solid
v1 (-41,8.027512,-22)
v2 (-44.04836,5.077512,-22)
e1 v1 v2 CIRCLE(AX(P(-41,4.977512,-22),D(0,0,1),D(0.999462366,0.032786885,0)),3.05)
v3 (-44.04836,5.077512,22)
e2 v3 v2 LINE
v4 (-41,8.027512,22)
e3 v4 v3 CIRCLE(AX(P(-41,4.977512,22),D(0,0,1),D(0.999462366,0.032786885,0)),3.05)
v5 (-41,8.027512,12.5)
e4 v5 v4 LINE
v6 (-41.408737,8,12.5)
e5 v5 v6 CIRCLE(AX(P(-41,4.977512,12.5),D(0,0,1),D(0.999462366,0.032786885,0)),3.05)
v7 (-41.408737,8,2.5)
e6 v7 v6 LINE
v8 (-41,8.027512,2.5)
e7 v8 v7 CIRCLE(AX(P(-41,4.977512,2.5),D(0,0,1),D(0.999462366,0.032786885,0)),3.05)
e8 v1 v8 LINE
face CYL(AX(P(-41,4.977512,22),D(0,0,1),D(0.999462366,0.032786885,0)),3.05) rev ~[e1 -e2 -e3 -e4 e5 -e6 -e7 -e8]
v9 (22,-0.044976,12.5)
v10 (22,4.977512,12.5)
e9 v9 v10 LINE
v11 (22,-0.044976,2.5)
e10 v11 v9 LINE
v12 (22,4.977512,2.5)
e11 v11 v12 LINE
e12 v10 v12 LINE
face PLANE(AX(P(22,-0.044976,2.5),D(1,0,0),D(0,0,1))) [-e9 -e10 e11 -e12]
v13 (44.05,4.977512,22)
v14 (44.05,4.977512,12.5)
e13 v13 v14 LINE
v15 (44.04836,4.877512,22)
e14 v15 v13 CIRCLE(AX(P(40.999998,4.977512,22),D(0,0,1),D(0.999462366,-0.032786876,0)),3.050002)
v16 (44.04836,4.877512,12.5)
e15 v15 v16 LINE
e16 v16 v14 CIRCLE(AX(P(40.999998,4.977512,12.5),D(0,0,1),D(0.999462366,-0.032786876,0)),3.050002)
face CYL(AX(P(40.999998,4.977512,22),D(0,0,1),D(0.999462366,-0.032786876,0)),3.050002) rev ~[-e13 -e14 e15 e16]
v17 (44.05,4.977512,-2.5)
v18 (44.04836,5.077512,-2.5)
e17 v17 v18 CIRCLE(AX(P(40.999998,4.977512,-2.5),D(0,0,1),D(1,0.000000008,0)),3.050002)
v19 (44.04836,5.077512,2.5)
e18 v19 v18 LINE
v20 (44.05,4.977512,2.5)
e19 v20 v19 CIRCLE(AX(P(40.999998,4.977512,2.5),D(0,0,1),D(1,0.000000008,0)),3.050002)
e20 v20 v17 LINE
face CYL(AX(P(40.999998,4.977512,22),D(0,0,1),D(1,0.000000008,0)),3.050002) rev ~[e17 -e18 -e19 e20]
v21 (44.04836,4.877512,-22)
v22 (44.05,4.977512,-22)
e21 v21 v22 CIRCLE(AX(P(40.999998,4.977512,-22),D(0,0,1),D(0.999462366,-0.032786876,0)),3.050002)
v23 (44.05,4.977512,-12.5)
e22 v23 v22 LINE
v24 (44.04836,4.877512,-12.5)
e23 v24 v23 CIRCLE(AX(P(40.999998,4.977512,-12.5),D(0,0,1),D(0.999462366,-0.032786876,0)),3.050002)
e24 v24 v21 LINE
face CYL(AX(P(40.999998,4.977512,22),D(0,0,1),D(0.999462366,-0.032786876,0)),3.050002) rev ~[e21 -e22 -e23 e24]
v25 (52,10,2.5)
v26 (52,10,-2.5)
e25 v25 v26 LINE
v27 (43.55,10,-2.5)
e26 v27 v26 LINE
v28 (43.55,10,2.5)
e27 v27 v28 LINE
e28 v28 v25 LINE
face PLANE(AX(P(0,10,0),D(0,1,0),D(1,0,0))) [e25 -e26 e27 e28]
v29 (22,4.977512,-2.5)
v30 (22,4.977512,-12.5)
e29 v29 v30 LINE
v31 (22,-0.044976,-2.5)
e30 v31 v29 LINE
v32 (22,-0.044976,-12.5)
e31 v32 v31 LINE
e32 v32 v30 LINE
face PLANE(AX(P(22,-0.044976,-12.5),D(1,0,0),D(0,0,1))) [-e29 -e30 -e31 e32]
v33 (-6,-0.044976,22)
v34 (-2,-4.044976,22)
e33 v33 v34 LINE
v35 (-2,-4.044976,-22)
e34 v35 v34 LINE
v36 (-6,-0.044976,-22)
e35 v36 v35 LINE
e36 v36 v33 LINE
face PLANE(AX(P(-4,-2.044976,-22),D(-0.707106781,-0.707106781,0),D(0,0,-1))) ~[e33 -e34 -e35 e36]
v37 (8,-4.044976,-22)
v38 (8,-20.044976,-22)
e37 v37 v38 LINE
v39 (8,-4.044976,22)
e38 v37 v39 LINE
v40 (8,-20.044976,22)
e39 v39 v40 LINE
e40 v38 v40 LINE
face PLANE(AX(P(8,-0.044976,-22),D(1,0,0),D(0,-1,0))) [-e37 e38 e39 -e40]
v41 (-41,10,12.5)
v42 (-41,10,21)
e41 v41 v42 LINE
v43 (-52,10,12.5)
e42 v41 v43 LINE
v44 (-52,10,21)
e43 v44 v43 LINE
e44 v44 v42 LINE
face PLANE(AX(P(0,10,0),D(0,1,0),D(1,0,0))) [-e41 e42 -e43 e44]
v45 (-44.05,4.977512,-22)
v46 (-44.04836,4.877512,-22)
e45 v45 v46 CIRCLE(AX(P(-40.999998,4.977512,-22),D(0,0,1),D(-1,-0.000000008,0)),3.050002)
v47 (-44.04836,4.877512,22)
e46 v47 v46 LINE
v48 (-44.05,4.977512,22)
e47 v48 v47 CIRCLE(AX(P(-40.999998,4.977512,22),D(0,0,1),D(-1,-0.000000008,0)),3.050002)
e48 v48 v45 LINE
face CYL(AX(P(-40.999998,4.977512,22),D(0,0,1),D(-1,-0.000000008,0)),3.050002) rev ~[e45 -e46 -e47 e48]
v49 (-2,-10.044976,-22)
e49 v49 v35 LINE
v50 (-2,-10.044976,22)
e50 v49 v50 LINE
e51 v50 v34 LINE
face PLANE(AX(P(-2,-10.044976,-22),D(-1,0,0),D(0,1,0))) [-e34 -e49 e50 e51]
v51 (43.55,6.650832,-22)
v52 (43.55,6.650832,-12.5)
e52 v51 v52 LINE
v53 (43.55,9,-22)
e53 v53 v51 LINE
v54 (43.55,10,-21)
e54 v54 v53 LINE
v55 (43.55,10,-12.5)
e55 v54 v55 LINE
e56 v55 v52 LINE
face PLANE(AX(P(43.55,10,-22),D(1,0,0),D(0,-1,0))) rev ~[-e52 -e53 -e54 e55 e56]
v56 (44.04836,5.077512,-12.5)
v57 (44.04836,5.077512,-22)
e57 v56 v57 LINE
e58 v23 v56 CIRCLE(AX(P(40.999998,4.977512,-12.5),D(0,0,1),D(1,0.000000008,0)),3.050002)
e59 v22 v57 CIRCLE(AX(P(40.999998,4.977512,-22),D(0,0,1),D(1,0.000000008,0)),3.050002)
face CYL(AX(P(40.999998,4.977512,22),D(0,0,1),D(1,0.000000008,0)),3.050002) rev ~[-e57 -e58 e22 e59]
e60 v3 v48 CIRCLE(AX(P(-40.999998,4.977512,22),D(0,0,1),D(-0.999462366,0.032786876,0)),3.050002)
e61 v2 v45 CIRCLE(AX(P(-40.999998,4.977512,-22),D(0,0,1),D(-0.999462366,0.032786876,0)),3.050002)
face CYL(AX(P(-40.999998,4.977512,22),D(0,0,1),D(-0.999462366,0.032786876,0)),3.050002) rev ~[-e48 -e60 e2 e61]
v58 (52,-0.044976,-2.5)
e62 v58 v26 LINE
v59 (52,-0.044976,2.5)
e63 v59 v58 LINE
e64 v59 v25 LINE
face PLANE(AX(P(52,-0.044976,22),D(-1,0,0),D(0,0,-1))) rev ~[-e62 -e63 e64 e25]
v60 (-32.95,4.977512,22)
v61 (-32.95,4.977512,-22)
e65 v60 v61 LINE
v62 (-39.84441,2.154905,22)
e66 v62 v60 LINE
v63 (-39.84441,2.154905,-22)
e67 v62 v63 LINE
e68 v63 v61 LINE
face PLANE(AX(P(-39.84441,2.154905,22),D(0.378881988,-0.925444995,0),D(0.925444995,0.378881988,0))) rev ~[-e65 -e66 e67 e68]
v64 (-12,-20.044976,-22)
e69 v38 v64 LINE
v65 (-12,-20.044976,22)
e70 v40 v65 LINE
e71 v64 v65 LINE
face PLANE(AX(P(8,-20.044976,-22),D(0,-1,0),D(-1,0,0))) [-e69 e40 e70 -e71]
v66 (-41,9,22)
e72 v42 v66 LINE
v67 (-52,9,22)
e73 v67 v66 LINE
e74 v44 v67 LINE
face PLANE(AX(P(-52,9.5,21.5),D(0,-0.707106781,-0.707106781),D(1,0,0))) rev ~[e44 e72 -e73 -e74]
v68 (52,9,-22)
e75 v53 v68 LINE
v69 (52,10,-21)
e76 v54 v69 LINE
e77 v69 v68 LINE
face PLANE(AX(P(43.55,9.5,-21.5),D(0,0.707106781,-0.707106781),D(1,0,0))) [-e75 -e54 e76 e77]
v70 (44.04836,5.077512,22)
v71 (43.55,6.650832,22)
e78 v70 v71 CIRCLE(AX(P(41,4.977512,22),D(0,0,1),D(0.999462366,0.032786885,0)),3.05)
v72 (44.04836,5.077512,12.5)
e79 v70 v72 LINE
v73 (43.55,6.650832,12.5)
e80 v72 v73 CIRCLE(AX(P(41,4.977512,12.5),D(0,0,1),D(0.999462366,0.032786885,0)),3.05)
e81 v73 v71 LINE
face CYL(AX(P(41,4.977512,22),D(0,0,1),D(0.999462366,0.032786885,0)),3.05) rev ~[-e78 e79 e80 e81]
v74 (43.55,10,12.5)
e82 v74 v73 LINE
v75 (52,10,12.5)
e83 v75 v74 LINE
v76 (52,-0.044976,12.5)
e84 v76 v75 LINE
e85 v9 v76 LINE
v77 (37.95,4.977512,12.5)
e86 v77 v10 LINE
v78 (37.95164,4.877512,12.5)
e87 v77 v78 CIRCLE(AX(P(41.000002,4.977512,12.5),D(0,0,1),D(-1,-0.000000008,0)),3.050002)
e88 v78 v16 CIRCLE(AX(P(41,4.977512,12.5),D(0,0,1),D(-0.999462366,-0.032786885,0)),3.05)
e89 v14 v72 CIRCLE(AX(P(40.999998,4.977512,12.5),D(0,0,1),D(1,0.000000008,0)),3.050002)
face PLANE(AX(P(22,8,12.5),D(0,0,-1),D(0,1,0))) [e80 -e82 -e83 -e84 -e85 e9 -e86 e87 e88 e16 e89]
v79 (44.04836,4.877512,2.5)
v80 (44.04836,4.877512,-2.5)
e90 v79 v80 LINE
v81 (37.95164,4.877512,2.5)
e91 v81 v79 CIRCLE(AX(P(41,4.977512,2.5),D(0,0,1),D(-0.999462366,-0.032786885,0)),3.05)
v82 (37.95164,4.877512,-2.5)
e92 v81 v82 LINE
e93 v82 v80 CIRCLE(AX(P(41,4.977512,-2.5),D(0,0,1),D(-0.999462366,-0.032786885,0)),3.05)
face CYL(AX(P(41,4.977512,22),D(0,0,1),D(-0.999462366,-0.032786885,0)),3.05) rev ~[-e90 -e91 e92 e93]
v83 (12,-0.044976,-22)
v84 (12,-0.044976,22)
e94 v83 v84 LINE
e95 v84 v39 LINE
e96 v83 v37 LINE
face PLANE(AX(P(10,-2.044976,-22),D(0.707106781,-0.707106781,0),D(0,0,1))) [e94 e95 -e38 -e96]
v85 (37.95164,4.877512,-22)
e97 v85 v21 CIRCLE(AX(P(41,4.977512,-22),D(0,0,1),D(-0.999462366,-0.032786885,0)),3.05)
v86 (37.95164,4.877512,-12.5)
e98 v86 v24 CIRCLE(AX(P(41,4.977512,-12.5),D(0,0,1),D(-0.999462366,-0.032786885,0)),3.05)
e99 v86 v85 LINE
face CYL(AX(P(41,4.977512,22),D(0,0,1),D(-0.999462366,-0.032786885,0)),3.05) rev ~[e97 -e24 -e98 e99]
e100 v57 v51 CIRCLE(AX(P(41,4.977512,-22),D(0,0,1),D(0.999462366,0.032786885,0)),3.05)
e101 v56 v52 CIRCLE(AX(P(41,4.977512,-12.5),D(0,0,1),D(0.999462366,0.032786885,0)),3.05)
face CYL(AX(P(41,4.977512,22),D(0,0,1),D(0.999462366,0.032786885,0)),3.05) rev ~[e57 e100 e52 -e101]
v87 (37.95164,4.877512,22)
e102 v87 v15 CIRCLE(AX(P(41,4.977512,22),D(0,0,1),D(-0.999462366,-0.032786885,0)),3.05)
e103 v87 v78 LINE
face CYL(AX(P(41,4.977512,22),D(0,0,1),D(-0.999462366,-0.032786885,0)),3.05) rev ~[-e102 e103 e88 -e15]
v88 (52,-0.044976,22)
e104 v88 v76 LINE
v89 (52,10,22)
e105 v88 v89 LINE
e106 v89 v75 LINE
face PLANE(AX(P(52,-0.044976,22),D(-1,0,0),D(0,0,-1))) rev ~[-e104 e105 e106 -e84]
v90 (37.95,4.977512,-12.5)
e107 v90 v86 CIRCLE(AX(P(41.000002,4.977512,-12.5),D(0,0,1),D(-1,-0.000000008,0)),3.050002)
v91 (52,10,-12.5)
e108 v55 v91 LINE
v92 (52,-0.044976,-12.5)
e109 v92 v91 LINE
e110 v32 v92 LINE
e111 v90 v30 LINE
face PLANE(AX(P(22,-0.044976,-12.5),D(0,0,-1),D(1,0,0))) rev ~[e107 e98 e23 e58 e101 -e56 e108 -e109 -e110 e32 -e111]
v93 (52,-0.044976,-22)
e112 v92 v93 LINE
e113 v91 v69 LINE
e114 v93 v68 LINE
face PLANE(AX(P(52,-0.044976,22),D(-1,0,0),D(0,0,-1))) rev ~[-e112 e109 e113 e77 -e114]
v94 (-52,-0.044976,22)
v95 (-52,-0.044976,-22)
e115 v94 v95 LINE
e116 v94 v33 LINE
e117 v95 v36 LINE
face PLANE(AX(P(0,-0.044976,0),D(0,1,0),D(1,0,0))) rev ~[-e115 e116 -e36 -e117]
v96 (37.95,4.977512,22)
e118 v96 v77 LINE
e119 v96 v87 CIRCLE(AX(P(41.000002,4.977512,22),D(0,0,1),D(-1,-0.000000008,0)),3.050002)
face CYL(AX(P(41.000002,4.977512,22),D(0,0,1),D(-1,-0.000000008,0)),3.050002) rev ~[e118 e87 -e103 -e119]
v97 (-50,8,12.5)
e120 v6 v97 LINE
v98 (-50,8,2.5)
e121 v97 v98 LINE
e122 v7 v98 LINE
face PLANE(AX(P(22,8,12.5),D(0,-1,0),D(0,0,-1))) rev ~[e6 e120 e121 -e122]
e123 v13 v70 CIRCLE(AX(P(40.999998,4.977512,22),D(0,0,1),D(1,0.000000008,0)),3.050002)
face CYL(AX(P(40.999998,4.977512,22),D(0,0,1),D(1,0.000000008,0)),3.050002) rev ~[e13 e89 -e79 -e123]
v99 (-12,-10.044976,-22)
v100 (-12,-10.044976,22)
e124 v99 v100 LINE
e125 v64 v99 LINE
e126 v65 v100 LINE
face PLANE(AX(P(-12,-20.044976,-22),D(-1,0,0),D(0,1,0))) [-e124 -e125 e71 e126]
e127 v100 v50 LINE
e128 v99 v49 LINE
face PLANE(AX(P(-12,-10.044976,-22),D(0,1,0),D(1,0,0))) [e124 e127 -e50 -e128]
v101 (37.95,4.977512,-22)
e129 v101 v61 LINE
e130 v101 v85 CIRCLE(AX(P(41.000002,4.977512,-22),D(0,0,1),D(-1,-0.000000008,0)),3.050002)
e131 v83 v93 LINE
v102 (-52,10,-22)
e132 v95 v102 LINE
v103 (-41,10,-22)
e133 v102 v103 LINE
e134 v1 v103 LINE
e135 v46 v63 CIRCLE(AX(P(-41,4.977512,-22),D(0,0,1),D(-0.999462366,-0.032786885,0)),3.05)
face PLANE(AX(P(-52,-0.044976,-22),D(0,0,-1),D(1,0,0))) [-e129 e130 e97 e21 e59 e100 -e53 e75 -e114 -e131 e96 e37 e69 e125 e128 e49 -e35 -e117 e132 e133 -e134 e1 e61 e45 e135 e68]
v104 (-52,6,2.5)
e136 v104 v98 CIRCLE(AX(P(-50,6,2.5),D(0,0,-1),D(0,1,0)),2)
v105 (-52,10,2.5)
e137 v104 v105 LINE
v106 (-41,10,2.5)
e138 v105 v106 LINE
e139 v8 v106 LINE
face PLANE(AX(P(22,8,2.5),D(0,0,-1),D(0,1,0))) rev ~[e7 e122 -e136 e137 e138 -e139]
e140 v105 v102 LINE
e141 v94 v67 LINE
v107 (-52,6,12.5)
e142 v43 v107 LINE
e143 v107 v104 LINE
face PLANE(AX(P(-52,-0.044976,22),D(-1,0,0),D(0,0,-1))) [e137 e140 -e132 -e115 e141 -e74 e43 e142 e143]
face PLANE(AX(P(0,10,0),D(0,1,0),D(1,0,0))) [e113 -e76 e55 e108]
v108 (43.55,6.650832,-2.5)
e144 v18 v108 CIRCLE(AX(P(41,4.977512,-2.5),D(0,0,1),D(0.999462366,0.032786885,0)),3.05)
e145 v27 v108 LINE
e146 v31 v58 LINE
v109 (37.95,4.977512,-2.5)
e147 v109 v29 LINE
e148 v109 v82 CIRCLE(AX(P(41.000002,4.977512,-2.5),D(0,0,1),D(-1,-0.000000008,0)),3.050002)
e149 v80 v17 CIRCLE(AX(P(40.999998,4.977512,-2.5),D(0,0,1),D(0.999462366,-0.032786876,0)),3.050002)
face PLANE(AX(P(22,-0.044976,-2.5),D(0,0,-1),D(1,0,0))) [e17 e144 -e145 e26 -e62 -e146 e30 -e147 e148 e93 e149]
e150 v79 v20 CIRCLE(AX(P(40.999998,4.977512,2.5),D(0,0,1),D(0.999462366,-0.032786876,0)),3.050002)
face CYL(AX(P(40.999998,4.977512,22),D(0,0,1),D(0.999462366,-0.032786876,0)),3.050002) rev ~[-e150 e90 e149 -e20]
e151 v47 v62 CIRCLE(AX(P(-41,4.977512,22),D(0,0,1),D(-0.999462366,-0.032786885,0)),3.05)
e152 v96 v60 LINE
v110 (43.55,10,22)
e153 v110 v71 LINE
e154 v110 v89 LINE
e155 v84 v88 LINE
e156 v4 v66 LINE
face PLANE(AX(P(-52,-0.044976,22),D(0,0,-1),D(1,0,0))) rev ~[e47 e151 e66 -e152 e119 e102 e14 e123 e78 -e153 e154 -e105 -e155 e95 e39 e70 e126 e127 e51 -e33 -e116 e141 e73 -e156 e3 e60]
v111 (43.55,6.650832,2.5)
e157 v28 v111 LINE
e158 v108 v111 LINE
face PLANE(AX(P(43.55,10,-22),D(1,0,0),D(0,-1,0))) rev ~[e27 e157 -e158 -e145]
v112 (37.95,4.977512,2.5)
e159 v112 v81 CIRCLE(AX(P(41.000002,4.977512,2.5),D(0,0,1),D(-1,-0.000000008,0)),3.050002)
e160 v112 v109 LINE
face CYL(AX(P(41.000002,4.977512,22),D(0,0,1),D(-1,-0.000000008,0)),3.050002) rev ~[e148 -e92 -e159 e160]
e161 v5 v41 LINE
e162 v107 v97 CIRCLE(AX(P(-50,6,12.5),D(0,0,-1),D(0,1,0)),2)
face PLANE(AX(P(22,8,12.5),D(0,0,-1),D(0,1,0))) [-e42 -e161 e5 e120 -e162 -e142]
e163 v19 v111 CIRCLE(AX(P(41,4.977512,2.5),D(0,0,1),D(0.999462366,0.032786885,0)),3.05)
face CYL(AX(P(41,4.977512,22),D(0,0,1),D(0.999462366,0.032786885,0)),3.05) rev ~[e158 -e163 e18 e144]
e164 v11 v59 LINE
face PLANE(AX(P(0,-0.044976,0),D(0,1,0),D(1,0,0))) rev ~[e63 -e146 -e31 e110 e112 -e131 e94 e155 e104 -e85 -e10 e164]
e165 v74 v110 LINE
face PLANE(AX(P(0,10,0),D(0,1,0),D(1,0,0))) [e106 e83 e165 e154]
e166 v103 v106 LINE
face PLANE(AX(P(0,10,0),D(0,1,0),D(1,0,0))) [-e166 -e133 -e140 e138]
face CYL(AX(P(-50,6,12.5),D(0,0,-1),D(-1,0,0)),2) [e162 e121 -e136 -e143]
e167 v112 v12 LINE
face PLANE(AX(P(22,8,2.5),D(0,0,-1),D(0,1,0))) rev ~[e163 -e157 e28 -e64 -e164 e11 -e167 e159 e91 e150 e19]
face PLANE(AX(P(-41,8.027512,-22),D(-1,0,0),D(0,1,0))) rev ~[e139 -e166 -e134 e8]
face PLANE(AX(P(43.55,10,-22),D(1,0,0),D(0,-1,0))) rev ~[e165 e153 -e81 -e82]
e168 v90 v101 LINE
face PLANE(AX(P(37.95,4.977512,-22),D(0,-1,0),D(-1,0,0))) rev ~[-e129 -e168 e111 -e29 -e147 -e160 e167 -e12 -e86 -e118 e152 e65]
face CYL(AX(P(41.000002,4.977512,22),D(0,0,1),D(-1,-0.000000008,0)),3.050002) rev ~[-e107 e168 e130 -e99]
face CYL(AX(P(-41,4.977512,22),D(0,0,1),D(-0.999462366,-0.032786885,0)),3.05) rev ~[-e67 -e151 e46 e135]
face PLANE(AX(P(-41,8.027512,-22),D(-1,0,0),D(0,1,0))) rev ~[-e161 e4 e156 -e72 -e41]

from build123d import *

# Parameters (mm, degrees)
EXTRUDE_1_DEPTH      = 10
EXTRUDE_1_DEPTH_BACK = 0.044975992
SKETCH_1_W           = 104
SKETCH_1_H           = 44
EXTRUDE_2_DEPTH      = 44
CUT_EXTRUDE_1_DEPTH  = 44
CHAMFER_4_SIZE       = 4
SKETCH_9_W           = 30
SKETCH_9_H           = 10
CUT_EXTRUDE_5_DEPTH  = 10.044975992
CUT_EXTRUDE_6_REACH  = 81.761
SKETCH_10_W          = 10
SKETCH_10_H          = 2
CUT_EXTRUDE_8_REACH  = 73.006
FILLET_1_R           = 2
CHAMFER_6_SIZE       = 1
CUT_EXTRUDE_9_DEPTH  = 44


with BuildPart() as part:
    # 草图1 → 凸台-拉伸1 (new, two sides: drawn at the far end of the back side and taken through both)
    with BuildSketch(Plane(origin=(0, 0, 0), x_dir=(1, 0, 0), z_dir=(0, 1, 0)).offset(-EXTRUDE_1_DEPTH_BACK)):
        Rectangle(SKETCH_1_W, SKETCH_1_H)
    extrude(amount=EXTRUDE_1_DEPTH + EXTRUDE_1_DEPTH_BACK)

    # 草图2 → 凸台-拉伸2 (add)
    with BuildSketch(Plane(origin=(0, 0, -22), x_dir=(-1, 0, 0), z_dir=(0, 0, -1))):
        Polygon((12, -20.044975992), (12, -10.044975992), (2, -10.044975992), (2, -0.044975992), (-8, -0.044975992), (-8, -10.525129165), (-8, -20.044975992), align=None)
    extrude(amount=-EXTRUDE_2_DEPTH)

    # 草图3 → 切除-拉伸1 (cut)
    with BuildSketch(Plane.XY.offset(22)):
        with BuildLine():
            Line((-44.05, 4.977512004), (-37.95, 4.977512004))
            ThreePointArc((-37.95, 4.977512004), (-37.950409974, 5.027518726), (-37.951639785, 5.077512004))
            Line((-37.951639785, 5.077512004), (-44.048360215, 5.077512004))
            ThreePointArc((-44.048360215, 5.077512004), (-44.049590026, 5.027518726), (-44.05, 4.977512004))
        make_face()
        with BuildLine():
            ThreePointArc((-37.951639785, 4.877512004), (-37.950409974, 4.927505282), (-37.95, 4.977512004))
            Line((-37.95, 4.977512004), (-44.05, 4.977512004))
            ThreePointArc((-44.05, 4.977512004), (-44.049590026, 4.927505282), (-44.048360215, 4.877512004))
            Line((-44.048360215, 4.877512004), (-37.951639785, 4.877512004))
        make_face()
        with BuildLine():
            ThreePointArc((-44.048360215, 4.877512004), (-41, 1.927512004), (-37.951639785, 4.877512004))
            Line((-37.951639785, 4.877512004), (-44.048360215, 4.877512004))
        make_face()
        with BuildLine():
            Line((-44.048360215, 5.077512004), (-37.951639785, 5.077512004))
            ThreePointArc((-37.951639785, 5.077512004), (-41, 8.027512004), (-44.048360215, 5.077512004))
        make_face()
        with BuildLine():
            Line((37.95, 4.977512004), (44.05, 4.977512004))
            ThreePointArc((44.05, 4.977512004), (44.049590026, 5.027518726), (44.048360215, 5.077512004))
            Line((44.048360215, 5.077512004), (37.951639785, 5.077512004))
            ThreePointArc((37.951639785, 5.077512004), (37.950409974, 5.027518726), (37.95, 4.977512004))
        make_face()
        with BuildLine():
            ThreePointArc((44.048360215, 4.877512004), (44.049590026, 4.927505282), (44.05, 4.977512004))
            Line((44.05, 4.977512004), (37.95, 4.977512004))
            ThreePointArc((37.95, 4.977512004), (37.950409974, 4.927505282), (37.951639785, 4.877512004))
            Line((37.951639785, 4.877512004), (44.048360215, 4.877512004))
        make_face()
        with BuildLine():
            ThreePointArc((37.951639785, 4.877512004), (41, 1.927512004), (44.048360215, 4.877512004))
            Line((44.048360215, 4.877512004), (37.951639785, 4.877512004))
        make_face()
        with BuildLine():
            Line((37.951639785, 5.077512004), (44.048360215, 5.077512004))
            ThreePointArc((44.048360215, 5.077512004), (41, 8.027512004), (37.951639785, 5.077512004))
        make_face()
    extrude(amount=-CUT_EXTRUDE_1_DEPTH, mode=Mode.SUBTRACT)

    # 倒角4
    chamfer_4_edges = [part.edges().sort_by_distance(p)[0] for p in [
        (-2, -0.044975992, 0),
        (8, -0.044975992, 0),
    ]]
    chamfer(chamfer_4_edges, length=CHAMFER_4_SIZE)

    # 草图9 → 切除-拉伸5 (cut)
    with BuildSketch(Plane.XZ.offset(0.044975992)):
        with Locations((37, 7.5)):
            Rectangle(SKETCH_9_W, SKETCH_9_H)
        with Locations((37, -7.5)):
            Rectangle(SKETCH_9_W, SKETCH_9_H)
    extrude(amount=-CUT_EXTRUDE_5_DEPTH, mode=Mode.SUBTRACT)

    # 切除-拉伸6: up to this face of the body (flat: up to its plane)
    cut_extrude_6_end = Plane(part.part.faces().sort_by_distance((-52, 4.977512004, 0))[0])
    # 草图10 → 切除-拉伸6 (cut, up to the picked face)
    with BuildSketch(Plane(origin=(22, 0, 0), x_dir=(0, 0, -1), z_dir=(1, 0, 0)), mode=Mode.PRIVATE) as cut_extrude_6_sk1:
        with Locations((-7.5, 9)):
            Rectangle(SKETCH_10_W, SKETCH_10_H)
    cut_extrude_6_tool1 = split(extrude(cut_extrude_6_sk1.sketch, amount=-CUT_EXTRUDE_6_REACH, mode=Mode.PRIVATE), bisect_by=cut_extrude_6_end, keep=Keep.BOTH, mode=Mode.PRIVATE)
    add(cut_extrude_6_tool1.solids().sort_by(Axis((22, 9, 7.5), (-1, 0, 0)))[0], mode=Mode.SUBTRACT)

    # 切除-拉伸8: up to this face of the body (flat: up to its plane)
    cut_extrude_8_end = Plane(part.part.faces().sort_by_distance((-0.039931558, 1.054666799, 22))[0])
    # 草图12 → 切除-拉伸8 (cut, up to the picked face)
    with BuildSketch(Plane(origin=(0, 0, -22), x_dir=(-1, 0, 0), z_dir=(0, 0, -1)), mode=Mode.PRIVATE) as cut_extrude_8_sk1:
        with BuildLine():
            Line((41, 10), (-43.55, 10))
            Line((-43.55, 10), (-43.55, 6.650832057))
            ThreePointArc((-43.55, 6.650832057), (-40.12678754, 7.899839843), (-37.95, 4.977512004))
            Line((-37.95, 4.977512004), (37.95, 4.977512004))
            ThreePointArc((37.95, 4.977512004), (38.843324317, 7.134187686), (41, 8.027512004))
            Line((41, 8.027512004), (41, 10))
        make_face()
    cut_extrude_8_tool1 = split(extrude(cut_extrude_8_sk1.sketch, amount=-CUT_EXTRUDE_8_REACH, mode=Mode.PRIVATE), bisect_by=cut_extrude_8_end, keep=Keep.BOTH, mode=Mode.PRIVATE)
    add(cut_extrude_8_tool1.solids().sort_by(Axis((0.637872, 7.552245, -22), (0, 0, 1)))[0], mode=Mode.SUBTRACT)

    # 圆角1
    fillet_1_edges = [part.edges().sort_by_distance(p)[0] for p in [
        (-52, 8, 7.5),
    ]]
    fillet(fillet_1_edges, radius=FILLET_1_R)

    # 倒角6
    chamfer_6_edges = [part.edges().sort_by_distance(p)[0] for p in [
        (47.775, 10, -22),
        (-46.5, 10, 22),
    ]]
    chamfer(chamfer_6_edges, length=CHAMFER_6_SIZE)

    # 草图13 → 切除-拉伸9 (cut)
    with BuildSketch(Plane.XY.offset(22)):
        with BuildLine():
            ThreePointArc((-37.95, 4.977512004), (-38.4675062, 3.277813455), (-39.844409938, 2.154904768))
            Line((-39.844409938, 2.154904768), (-32.95, 4.977512004))
            Line((-32.95, 4.977512004), (-37.95, 4.977512004))
        make_face()
    extrude(amount=-CUT_EXTRUDE_9_DEPTH, mode=Mode.SUBTRACT)


solid = part.part
